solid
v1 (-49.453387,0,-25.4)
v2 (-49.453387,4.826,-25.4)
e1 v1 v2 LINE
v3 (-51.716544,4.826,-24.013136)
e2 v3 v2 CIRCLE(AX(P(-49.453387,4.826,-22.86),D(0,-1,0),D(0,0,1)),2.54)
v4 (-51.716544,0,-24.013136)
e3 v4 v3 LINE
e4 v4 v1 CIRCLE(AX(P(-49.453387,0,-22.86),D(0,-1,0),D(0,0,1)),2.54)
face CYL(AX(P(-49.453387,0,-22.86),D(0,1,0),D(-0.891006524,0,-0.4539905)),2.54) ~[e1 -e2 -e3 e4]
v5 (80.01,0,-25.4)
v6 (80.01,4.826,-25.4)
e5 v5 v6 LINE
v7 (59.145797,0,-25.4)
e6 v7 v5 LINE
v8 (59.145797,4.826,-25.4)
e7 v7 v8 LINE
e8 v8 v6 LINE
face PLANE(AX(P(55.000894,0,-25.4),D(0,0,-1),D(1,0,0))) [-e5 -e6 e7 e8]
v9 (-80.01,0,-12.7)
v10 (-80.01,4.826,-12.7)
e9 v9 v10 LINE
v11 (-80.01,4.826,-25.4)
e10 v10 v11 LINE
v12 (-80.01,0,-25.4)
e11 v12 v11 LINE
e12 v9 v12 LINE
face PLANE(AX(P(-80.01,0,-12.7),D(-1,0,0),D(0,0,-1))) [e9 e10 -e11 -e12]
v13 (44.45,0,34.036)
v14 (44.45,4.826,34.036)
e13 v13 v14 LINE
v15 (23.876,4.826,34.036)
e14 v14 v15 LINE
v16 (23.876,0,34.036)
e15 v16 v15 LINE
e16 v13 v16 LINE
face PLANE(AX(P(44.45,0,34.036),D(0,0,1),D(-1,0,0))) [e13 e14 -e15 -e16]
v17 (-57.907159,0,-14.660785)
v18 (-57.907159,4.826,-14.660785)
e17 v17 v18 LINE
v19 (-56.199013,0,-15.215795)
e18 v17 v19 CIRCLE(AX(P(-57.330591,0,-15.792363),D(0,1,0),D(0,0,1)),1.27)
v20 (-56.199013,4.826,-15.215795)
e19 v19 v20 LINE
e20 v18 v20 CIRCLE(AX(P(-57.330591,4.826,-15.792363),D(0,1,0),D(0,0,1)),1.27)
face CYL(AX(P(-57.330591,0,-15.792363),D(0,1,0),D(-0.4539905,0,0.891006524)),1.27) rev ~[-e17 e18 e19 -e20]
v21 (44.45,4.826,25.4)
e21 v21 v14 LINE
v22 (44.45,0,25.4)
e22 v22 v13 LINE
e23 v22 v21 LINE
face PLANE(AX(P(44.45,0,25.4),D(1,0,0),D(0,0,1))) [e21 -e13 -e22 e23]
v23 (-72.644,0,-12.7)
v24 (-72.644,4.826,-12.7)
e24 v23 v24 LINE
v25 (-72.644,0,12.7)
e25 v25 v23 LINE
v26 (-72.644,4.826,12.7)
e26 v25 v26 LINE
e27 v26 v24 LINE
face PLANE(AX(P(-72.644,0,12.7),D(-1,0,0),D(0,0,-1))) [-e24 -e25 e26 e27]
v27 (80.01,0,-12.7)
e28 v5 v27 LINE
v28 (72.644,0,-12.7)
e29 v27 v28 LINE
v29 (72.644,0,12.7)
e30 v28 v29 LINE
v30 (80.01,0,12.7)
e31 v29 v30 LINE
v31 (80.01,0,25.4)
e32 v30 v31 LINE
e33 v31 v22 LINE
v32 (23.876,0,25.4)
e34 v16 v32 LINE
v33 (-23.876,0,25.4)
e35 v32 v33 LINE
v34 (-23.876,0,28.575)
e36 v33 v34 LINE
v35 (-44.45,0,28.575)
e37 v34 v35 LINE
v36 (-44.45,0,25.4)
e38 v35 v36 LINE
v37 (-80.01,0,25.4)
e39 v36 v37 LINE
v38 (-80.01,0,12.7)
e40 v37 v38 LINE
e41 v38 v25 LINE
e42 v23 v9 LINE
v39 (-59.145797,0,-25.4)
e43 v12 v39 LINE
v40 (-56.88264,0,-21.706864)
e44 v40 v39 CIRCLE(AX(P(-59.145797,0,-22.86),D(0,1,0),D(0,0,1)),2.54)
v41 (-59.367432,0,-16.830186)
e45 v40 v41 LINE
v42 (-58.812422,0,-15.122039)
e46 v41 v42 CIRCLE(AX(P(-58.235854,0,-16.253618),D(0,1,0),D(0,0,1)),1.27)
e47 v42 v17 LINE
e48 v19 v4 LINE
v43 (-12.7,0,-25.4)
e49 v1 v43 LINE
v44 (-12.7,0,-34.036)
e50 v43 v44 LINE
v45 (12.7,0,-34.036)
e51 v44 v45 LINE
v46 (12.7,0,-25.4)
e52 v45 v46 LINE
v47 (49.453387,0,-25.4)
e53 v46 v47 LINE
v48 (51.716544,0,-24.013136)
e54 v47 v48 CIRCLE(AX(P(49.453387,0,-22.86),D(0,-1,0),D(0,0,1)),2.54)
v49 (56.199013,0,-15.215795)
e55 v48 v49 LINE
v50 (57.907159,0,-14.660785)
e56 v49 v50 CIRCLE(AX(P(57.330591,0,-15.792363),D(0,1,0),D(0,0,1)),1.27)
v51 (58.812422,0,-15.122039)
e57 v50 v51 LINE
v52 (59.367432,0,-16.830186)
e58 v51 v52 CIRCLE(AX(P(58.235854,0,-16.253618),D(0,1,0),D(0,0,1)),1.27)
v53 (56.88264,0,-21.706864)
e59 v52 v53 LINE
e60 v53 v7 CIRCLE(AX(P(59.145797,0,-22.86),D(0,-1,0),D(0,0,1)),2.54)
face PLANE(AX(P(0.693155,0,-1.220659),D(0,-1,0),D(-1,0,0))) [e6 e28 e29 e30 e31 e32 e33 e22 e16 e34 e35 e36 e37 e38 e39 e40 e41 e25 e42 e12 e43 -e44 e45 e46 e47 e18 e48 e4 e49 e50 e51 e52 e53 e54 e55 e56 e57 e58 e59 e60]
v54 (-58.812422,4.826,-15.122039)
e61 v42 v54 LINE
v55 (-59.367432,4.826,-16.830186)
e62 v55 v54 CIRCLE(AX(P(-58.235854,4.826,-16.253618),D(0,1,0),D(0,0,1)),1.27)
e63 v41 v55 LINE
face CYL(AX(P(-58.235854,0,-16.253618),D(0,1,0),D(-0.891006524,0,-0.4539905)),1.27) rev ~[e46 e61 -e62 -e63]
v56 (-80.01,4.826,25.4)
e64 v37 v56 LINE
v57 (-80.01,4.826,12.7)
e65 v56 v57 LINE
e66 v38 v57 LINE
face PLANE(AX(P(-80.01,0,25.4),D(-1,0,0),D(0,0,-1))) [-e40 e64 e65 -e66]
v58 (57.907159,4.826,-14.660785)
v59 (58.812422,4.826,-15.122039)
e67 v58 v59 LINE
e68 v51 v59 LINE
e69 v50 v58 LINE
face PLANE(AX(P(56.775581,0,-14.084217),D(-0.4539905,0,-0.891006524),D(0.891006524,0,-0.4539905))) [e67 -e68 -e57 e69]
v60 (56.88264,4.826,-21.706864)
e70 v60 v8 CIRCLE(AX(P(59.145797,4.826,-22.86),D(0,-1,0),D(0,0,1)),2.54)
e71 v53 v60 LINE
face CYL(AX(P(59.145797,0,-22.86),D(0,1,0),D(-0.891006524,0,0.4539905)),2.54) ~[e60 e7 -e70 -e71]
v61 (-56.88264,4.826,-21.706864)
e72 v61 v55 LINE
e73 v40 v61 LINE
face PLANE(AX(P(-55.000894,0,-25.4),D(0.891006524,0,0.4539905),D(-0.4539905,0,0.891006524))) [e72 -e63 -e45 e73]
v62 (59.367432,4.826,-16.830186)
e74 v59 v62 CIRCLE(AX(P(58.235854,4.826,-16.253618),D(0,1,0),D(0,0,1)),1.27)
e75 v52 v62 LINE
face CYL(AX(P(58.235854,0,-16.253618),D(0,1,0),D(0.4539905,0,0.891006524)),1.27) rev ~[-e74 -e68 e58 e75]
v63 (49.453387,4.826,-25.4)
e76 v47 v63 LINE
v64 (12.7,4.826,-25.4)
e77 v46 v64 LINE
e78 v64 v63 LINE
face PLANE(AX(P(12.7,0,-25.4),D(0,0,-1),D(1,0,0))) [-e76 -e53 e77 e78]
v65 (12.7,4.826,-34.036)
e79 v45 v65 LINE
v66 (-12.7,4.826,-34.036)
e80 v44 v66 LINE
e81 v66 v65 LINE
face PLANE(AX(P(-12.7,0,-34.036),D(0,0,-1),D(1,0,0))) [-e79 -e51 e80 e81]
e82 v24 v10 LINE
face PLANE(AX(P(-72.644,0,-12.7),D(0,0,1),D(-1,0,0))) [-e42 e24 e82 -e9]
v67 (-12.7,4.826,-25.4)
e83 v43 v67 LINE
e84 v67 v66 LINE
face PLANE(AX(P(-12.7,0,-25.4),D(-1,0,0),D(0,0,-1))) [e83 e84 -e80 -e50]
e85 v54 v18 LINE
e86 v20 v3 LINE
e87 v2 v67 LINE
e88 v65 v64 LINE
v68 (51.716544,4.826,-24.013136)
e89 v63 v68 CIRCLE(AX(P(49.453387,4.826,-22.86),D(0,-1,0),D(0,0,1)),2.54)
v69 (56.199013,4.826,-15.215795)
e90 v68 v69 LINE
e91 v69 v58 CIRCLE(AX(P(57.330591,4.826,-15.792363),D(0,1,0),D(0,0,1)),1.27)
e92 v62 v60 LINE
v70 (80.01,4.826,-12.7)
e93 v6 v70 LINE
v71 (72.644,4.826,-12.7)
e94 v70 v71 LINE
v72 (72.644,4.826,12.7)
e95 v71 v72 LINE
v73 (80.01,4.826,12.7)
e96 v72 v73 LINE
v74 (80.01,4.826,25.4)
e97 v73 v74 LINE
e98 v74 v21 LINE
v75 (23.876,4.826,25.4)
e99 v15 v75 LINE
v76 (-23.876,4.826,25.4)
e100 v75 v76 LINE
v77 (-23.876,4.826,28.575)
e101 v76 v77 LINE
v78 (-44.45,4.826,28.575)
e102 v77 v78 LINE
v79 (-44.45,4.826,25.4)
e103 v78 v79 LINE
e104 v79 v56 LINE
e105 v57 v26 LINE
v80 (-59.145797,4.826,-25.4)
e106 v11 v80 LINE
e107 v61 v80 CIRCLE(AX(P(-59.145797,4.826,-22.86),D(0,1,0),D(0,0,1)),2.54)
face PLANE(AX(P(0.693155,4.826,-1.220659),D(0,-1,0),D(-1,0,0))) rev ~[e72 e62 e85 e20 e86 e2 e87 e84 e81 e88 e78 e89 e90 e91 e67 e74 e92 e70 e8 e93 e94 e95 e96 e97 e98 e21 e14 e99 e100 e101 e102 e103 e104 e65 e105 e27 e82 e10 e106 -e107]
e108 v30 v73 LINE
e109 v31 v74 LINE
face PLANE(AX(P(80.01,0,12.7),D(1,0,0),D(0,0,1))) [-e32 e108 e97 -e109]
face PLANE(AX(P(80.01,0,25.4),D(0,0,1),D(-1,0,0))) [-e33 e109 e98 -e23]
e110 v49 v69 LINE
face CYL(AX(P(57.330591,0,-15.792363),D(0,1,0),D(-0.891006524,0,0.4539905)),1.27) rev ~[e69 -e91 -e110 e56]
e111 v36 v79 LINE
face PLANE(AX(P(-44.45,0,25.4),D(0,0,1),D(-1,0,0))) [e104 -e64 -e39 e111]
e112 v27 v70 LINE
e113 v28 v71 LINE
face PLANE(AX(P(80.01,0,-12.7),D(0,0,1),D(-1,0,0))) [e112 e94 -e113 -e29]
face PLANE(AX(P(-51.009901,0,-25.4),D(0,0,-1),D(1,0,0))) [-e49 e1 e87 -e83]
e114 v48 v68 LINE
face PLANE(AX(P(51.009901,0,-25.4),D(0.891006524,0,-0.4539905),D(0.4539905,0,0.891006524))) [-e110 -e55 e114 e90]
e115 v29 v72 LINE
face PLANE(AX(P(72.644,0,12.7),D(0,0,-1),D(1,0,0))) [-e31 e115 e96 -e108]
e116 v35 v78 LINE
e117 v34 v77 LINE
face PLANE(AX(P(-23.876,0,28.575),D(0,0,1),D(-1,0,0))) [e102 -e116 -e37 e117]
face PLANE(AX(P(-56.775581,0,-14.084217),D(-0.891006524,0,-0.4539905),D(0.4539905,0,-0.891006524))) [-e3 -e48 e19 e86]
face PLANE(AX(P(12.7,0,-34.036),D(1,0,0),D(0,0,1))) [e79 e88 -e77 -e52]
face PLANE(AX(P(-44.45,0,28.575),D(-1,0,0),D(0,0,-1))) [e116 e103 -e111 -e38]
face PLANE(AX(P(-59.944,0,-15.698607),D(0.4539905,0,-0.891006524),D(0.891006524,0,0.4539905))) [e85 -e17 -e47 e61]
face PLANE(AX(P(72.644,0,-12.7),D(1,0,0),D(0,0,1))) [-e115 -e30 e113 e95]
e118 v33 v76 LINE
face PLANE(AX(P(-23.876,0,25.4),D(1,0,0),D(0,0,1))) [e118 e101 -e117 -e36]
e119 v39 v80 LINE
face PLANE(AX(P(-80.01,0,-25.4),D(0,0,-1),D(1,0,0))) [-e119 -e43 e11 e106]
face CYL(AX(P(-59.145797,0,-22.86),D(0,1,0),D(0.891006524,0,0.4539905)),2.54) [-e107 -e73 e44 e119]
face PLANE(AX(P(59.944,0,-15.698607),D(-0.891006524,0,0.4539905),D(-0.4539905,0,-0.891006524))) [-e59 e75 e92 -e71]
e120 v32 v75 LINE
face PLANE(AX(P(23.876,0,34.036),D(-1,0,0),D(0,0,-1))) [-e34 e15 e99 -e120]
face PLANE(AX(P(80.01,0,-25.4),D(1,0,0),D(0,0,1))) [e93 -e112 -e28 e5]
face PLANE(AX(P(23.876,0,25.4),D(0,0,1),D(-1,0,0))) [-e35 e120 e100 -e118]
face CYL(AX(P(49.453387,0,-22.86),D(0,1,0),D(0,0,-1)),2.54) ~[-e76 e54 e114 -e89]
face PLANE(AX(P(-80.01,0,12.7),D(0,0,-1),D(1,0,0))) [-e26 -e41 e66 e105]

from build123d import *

# Parameters (mm, degrees)
BOSS_EXTRUDE1_DEPTH = 4.826
FILLET1_R           = 1.27
FILLET2_R           = 2.54


with BuildPart() as part:
    # Sketch1 → Boss-Extrude1 (new body)
    with BuildSketch(Plane(origin=(0, 0, 0), x_dir=(1, 0, 0), z_dir=(0, 1, 0))):
        Polygon((-80.01, 25.4), (-55.000893554, 25.4), (-59.944, 15.69860736), (-56.7755808, 14.084217143), (-51.009901453, 25.4), (-12.7, 25.4), (-12.7, 34.036), (12.7, 34.036), (12.7, 25.4), (51.009901453, 25.4), (56.7755808, 14.084217143), (59.944, 15.69860736), (55.000893554, 25.4), (80.01, 25.4), (80.01, 12.7), (72.644, 12.7), (72.644, -12.7), (80.01, -12.7), (80.01, -25.4), (44.45, -25.4), (44.45, -34.036), (23.876, -34.036), (23.876, -25.4), (-23.876, -25.4), (-23.876, -28.575), (-44.45, -28.575), (-44.45, -25.4), (-80.01, -25.4), (-80.01, -12.7), (-72.644, -12.7), (-72.644, 12.7), (-80.01, 12.7), align=None)
    extrude(amount=BOSS_EXTRUDE1_DEPTH)

    # Fillet1
    fillet1_edges = [part.edges().sort_by_distance(p)[0] for p in [
        (-59.944, 2.413, -15.69860736),
        (-56.7755808, 2.413, -14.084217143),
        (56.7755808, 2.413, -14.084217143),
        (59.944, 2.413, -15.69860736),
    ]]
    fillet(fillet1_edges, radius=FILLET1_R)

    # Fillet2
    fillet2_edges = [part.edges().sort_by_distance(p)[0] for p in [
        (-55.000893554, 2.413, -25.4),
        (-51.009901453, 2.413, -25.4),
        (51.009901453, 2.413, -25.4),
        (55.000893554, 2.413, -25.4),
    ]]
    fillet(fillet2_edges, radius=FILLET2_R)


solid = part.part
